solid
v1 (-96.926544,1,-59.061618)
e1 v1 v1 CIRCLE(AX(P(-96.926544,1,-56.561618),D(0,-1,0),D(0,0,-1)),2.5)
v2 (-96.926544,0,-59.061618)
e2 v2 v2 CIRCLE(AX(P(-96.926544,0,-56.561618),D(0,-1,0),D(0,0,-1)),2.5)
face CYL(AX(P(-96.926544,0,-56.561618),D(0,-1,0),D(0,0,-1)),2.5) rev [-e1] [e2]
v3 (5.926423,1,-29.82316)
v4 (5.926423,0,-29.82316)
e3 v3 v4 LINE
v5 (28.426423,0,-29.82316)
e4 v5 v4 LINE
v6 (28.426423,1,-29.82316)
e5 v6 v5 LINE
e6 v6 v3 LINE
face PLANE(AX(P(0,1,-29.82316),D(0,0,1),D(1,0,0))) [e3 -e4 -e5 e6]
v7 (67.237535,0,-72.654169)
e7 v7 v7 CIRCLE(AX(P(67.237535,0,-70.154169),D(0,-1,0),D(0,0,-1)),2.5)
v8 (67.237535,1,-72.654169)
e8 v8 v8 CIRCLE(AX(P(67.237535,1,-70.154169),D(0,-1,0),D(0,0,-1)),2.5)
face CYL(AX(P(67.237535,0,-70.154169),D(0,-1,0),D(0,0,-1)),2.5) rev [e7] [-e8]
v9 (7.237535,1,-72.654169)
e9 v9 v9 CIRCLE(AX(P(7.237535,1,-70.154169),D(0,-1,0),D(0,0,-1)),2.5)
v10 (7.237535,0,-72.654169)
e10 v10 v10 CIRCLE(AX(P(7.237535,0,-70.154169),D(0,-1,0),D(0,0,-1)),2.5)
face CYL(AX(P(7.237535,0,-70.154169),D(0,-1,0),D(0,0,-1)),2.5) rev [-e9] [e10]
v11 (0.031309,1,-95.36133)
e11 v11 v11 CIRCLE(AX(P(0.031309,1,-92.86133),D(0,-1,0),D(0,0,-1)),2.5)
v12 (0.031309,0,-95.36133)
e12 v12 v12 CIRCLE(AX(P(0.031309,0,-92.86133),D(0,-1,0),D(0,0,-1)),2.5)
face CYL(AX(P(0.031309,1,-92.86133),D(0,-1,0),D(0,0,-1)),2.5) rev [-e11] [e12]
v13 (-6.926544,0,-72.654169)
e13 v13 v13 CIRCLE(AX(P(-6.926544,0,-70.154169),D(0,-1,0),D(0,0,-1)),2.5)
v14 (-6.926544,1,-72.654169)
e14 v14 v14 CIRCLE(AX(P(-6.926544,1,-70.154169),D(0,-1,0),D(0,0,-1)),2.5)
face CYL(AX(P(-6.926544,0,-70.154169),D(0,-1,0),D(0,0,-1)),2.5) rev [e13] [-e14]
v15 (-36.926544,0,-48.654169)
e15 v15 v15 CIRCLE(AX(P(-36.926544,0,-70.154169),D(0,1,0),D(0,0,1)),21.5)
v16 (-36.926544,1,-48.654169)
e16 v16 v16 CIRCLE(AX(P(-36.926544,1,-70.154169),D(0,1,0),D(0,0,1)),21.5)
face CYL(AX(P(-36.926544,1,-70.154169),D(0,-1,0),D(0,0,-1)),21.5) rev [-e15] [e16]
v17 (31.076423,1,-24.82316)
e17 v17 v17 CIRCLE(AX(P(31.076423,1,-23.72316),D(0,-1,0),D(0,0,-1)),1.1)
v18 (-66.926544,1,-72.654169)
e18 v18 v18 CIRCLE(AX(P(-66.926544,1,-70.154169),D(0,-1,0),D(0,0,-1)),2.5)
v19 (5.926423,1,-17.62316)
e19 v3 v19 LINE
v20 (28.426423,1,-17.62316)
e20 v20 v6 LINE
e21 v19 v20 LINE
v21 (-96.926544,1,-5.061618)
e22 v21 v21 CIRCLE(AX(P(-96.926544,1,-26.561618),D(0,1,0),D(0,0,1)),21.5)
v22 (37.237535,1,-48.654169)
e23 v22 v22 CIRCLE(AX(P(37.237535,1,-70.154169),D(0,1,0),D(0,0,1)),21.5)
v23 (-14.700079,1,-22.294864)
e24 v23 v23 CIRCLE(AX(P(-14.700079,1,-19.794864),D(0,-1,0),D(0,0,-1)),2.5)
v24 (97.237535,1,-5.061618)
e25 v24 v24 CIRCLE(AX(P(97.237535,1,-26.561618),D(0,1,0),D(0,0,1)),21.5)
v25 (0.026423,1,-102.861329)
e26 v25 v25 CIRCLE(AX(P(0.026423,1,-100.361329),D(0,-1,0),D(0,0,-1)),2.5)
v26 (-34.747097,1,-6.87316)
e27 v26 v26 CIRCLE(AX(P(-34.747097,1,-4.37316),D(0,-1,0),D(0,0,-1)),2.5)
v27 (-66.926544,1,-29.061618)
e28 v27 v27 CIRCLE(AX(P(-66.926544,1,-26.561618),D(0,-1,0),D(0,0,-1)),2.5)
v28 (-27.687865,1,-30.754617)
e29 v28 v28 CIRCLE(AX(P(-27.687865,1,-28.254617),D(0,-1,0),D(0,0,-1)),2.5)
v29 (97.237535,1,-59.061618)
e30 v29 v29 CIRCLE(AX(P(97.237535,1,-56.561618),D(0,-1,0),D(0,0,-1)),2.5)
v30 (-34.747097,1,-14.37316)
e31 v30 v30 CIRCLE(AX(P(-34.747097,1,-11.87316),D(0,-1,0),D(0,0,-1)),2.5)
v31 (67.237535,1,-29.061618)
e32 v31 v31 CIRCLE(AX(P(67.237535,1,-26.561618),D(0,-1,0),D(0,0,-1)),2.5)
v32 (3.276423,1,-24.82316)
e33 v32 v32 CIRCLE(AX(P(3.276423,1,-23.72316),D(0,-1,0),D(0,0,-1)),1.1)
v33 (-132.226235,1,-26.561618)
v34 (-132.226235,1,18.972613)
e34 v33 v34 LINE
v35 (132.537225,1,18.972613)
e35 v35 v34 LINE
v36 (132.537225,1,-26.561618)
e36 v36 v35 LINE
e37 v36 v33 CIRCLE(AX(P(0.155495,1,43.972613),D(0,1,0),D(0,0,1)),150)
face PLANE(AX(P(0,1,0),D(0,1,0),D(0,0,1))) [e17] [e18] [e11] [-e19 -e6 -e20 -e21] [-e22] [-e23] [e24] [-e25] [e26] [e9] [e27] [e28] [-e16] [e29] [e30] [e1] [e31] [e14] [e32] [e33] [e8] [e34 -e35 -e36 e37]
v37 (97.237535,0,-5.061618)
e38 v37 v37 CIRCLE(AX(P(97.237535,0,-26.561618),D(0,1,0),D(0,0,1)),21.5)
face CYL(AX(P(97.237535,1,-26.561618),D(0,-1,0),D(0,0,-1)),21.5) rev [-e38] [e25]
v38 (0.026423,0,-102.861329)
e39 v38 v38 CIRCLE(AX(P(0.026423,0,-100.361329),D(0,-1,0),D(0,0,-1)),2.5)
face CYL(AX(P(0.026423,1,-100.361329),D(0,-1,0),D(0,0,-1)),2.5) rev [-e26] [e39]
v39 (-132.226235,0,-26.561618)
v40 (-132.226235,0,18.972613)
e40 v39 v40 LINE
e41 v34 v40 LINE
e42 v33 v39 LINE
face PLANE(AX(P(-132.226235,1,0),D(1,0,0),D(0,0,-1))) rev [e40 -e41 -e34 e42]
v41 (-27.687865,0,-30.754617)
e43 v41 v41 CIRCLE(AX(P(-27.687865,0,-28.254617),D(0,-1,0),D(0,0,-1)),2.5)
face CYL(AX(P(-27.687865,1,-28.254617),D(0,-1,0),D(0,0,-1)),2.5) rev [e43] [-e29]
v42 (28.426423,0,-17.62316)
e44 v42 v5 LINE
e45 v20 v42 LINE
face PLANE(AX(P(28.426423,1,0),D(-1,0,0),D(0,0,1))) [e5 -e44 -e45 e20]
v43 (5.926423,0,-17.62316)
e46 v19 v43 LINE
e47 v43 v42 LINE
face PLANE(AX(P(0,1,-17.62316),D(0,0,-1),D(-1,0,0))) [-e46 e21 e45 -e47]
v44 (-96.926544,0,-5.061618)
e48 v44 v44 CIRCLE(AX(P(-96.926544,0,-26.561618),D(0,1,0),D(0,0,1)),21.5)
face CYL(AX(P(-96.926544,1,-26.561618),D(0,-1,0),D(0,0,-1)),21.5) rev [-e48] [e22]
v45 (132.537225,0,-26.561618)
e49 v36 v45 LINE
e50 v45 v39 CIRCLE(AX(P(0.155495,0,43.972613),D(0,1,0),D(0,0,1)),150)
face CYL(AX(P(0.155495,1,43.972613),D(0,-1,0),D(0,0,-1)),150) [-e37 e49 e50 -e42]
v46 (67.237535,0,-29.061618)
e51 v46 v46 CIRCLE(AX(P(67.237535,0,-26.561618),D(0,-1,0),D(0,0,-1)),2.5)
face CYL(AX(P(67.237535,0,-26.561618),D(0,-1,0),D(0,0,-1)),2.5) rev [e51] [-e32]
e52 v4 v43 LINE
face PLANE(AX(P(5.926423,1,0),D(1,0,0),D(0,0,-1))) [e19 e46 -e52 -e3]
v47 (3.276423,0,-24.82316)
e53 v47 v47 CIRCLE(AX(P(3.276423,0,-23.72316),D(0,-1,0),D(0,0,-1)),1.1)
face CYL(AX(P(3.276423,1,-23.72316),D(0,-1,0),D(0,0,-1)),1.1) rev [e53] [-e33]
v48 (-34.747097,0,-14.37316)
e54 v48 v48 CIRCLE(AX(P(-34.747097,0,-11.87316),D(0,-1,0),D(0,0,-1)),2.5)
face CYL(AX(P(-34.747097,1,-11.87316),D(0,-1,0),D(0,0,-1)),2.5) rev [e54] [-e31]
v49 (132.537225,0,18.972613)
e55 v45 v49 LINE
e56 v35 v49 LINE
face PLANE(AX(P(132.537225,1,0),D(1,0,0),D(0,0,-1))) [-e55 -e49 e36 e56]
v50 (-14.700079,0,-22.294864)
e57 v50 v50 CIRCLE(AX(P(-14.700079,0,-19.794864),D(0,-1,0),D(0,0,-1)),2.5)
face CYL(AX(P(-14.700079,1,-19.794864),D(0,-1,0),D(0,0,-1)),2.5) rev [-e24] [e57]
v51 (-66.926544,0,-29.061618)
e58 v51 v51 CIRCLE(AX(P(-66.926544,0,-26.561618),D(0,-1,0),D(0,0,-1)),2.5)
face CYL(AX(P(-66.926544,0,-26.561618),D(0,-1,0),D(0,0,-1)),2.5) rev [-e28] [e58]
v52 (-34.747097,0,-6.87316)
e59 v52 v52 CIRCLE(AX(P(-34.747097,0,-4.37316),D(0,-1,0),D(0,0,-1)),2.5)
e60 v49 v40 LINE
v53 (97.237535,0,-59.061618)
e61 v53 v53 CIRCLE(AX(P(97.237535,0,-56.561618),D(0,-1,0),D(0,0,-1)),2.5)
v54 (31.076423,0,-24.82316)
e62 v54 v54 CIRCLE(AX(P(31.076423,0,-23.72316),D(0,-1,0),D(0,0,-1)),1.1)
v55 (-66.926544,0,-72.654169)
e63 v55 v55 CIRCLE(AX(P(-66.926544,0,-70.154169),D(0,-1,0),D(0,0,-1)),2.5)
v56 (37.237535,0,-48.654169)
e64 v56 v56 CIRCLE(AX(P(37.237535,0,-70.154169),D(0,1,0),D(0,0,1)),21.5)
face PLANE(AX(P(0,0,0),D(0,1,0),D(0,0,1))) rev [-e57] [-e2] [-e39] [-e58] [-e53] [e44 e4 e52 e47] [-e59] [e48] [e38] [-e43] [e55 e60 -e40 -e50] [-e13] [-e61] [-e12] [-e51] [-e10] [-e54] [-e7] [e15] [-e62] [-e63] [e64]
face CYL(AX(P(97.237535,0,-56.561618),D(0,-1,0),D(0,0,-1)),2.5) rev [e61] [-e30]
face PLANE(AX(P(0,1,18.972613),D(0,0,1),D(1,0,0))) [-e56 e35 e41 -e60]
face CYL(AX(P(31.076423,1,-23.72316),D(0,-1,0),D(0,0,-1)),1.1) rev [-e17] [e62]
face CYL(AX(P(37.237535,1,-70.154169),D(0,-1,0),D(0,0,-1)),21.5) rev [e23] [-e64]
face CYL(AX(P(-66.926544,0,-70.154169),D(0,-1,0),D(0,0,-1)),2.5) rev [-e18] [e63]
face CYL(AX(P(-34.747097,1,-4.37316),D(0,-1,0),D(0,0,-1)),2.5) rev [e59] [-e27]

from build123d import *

# Parameters (mm, degrees)
SKETCH3_R             = 21.5
BOSS_EXTRUDE3_DEPTH   = 1
F_5_0MM_DOWEL_HOLE1_D = 5
SKETCH10_R            = 2.5
SKETCH10_R_2          = 1.1
CUT_EXTRUDE3_DEPTH    = 170.731914631


with BuildPart() as part:
    # Sketch3 → Boss-Extrude3 (new body)
    with BuildSketch(Plane(origin=(0, 0, 0), x_dir=(1, 0, 0), z_dir=(0, 1, 0))):
        with BuildLine():
            Line((-132.226234517, -18.972612677), (132.537224892, -18.972612677))
            Line((132.537224892, -18.972612677), (132.537224892, 26.561617598))
            ThreePointArc((132.537224892, 26.561617598), (0.155495187, 106.027387323), (-132.226234517, 26.561617598))
            Line((-132.226234517, 26.561617598), (-132.226234517, -18.972612677))
        make_face()
        with Locations(Location((-96.926544138, 26.561617598, 0), (0, 0, 270))):
            Circle(SKETCH3_R, mode=Mode.SUBTRACT)
        with Locations(Location((97.237534512, 26.561617598, 0), (0, 0, 270))):
            Circle(SKETCH3_R, mode=Mode.SUBTRACT)
        with Locations(Location((-36.926544138, 70.154169278, 0), (0, 0, 270))):
            Circle(SKETCH3_R, mode=Mode.SUBTRACT)
        with Locations(Location((37.237534512, 70.154169278, 0), (0, 0, 270))):
            Circle(SKETCH3_R, mode=Mode.SUBTRACT)
    extrude(amount=BOSS_EXTRUDE3_DEPTH)

    # Ø5.0mm Dowel Hole1 (through all)
    with Locations(Plane(origin=(0, 0, 0), x_dir=(-1, 0, 0), z_dir=(0, -1, 0))):
        with Locations((-97.237534512, 56.561617598), (-67.237534512, 26.561617598), (-67.237534512, 70.154169278), (-7.237534512, 70.154169278), (6.926544138, 70.154169278), (66.926544138, 70.154169278), (96.926544138, 56.561617598), (66.926544138, 26.561617598)):
            Hole(F_5_0MM_DOWEL_HOLE1_D / 2)

    # Sketch10 → Cut-Extrude3 (cut, through all)
    with BuildSketch(Plane(origin=(0, 0, 0), x_dir=(-1, 0, 0), z_dir=(0, -1, 0))):
        Polygon((-28.426423082, 29.82316033), (-28.426423082, 17.62316033), (-16.520871415, 17.62316033), (-5.926423082, 17.62316033), (-5.926423082, 29.82316033), align=None)
        with Locations(Location((27.687865217, 28.254616687, 0), (0, 0, 90))):
            Circle(SKETCH10_R)
        with Locations(Location((14.700079453, 19.79486368, 0), (0, 0, 90))):
            Circle(SKETCH10_R)
        with Locations(Location((34.747097156, 11.87316033, 0), (0, 0, 90))):
            Circle(SKETCH10_R)
        with Locations(Location((34.747097156, 4.37316033, 0), (0, 0, 90))):
            Circle(SKETCH10_R)
        with Locations(Location((-0.03130886, 92.861330123, 0), (0, 0, 90))):
            Circle(SKETCH10_R)
        with Locations(Location((-0.026423082, 100.361328532, 0), (0, 0, 90))):
            Circle(SKETCH10_R)
        with Locations(Location((-31.076423082, 23.72316033, 0), (0, 0, 90))):
            Circle(SKETCH10_R_2)
        with Locations(Location((-3.276423082, 23.72316033, 0), (0, 0, 90))):
            Circle(SKETCH10_R_2)
    extrude(amount=-CUT_EXTRUDE3_DEPTH, mode=Mode.SUBTRACT)


solid = part.part
